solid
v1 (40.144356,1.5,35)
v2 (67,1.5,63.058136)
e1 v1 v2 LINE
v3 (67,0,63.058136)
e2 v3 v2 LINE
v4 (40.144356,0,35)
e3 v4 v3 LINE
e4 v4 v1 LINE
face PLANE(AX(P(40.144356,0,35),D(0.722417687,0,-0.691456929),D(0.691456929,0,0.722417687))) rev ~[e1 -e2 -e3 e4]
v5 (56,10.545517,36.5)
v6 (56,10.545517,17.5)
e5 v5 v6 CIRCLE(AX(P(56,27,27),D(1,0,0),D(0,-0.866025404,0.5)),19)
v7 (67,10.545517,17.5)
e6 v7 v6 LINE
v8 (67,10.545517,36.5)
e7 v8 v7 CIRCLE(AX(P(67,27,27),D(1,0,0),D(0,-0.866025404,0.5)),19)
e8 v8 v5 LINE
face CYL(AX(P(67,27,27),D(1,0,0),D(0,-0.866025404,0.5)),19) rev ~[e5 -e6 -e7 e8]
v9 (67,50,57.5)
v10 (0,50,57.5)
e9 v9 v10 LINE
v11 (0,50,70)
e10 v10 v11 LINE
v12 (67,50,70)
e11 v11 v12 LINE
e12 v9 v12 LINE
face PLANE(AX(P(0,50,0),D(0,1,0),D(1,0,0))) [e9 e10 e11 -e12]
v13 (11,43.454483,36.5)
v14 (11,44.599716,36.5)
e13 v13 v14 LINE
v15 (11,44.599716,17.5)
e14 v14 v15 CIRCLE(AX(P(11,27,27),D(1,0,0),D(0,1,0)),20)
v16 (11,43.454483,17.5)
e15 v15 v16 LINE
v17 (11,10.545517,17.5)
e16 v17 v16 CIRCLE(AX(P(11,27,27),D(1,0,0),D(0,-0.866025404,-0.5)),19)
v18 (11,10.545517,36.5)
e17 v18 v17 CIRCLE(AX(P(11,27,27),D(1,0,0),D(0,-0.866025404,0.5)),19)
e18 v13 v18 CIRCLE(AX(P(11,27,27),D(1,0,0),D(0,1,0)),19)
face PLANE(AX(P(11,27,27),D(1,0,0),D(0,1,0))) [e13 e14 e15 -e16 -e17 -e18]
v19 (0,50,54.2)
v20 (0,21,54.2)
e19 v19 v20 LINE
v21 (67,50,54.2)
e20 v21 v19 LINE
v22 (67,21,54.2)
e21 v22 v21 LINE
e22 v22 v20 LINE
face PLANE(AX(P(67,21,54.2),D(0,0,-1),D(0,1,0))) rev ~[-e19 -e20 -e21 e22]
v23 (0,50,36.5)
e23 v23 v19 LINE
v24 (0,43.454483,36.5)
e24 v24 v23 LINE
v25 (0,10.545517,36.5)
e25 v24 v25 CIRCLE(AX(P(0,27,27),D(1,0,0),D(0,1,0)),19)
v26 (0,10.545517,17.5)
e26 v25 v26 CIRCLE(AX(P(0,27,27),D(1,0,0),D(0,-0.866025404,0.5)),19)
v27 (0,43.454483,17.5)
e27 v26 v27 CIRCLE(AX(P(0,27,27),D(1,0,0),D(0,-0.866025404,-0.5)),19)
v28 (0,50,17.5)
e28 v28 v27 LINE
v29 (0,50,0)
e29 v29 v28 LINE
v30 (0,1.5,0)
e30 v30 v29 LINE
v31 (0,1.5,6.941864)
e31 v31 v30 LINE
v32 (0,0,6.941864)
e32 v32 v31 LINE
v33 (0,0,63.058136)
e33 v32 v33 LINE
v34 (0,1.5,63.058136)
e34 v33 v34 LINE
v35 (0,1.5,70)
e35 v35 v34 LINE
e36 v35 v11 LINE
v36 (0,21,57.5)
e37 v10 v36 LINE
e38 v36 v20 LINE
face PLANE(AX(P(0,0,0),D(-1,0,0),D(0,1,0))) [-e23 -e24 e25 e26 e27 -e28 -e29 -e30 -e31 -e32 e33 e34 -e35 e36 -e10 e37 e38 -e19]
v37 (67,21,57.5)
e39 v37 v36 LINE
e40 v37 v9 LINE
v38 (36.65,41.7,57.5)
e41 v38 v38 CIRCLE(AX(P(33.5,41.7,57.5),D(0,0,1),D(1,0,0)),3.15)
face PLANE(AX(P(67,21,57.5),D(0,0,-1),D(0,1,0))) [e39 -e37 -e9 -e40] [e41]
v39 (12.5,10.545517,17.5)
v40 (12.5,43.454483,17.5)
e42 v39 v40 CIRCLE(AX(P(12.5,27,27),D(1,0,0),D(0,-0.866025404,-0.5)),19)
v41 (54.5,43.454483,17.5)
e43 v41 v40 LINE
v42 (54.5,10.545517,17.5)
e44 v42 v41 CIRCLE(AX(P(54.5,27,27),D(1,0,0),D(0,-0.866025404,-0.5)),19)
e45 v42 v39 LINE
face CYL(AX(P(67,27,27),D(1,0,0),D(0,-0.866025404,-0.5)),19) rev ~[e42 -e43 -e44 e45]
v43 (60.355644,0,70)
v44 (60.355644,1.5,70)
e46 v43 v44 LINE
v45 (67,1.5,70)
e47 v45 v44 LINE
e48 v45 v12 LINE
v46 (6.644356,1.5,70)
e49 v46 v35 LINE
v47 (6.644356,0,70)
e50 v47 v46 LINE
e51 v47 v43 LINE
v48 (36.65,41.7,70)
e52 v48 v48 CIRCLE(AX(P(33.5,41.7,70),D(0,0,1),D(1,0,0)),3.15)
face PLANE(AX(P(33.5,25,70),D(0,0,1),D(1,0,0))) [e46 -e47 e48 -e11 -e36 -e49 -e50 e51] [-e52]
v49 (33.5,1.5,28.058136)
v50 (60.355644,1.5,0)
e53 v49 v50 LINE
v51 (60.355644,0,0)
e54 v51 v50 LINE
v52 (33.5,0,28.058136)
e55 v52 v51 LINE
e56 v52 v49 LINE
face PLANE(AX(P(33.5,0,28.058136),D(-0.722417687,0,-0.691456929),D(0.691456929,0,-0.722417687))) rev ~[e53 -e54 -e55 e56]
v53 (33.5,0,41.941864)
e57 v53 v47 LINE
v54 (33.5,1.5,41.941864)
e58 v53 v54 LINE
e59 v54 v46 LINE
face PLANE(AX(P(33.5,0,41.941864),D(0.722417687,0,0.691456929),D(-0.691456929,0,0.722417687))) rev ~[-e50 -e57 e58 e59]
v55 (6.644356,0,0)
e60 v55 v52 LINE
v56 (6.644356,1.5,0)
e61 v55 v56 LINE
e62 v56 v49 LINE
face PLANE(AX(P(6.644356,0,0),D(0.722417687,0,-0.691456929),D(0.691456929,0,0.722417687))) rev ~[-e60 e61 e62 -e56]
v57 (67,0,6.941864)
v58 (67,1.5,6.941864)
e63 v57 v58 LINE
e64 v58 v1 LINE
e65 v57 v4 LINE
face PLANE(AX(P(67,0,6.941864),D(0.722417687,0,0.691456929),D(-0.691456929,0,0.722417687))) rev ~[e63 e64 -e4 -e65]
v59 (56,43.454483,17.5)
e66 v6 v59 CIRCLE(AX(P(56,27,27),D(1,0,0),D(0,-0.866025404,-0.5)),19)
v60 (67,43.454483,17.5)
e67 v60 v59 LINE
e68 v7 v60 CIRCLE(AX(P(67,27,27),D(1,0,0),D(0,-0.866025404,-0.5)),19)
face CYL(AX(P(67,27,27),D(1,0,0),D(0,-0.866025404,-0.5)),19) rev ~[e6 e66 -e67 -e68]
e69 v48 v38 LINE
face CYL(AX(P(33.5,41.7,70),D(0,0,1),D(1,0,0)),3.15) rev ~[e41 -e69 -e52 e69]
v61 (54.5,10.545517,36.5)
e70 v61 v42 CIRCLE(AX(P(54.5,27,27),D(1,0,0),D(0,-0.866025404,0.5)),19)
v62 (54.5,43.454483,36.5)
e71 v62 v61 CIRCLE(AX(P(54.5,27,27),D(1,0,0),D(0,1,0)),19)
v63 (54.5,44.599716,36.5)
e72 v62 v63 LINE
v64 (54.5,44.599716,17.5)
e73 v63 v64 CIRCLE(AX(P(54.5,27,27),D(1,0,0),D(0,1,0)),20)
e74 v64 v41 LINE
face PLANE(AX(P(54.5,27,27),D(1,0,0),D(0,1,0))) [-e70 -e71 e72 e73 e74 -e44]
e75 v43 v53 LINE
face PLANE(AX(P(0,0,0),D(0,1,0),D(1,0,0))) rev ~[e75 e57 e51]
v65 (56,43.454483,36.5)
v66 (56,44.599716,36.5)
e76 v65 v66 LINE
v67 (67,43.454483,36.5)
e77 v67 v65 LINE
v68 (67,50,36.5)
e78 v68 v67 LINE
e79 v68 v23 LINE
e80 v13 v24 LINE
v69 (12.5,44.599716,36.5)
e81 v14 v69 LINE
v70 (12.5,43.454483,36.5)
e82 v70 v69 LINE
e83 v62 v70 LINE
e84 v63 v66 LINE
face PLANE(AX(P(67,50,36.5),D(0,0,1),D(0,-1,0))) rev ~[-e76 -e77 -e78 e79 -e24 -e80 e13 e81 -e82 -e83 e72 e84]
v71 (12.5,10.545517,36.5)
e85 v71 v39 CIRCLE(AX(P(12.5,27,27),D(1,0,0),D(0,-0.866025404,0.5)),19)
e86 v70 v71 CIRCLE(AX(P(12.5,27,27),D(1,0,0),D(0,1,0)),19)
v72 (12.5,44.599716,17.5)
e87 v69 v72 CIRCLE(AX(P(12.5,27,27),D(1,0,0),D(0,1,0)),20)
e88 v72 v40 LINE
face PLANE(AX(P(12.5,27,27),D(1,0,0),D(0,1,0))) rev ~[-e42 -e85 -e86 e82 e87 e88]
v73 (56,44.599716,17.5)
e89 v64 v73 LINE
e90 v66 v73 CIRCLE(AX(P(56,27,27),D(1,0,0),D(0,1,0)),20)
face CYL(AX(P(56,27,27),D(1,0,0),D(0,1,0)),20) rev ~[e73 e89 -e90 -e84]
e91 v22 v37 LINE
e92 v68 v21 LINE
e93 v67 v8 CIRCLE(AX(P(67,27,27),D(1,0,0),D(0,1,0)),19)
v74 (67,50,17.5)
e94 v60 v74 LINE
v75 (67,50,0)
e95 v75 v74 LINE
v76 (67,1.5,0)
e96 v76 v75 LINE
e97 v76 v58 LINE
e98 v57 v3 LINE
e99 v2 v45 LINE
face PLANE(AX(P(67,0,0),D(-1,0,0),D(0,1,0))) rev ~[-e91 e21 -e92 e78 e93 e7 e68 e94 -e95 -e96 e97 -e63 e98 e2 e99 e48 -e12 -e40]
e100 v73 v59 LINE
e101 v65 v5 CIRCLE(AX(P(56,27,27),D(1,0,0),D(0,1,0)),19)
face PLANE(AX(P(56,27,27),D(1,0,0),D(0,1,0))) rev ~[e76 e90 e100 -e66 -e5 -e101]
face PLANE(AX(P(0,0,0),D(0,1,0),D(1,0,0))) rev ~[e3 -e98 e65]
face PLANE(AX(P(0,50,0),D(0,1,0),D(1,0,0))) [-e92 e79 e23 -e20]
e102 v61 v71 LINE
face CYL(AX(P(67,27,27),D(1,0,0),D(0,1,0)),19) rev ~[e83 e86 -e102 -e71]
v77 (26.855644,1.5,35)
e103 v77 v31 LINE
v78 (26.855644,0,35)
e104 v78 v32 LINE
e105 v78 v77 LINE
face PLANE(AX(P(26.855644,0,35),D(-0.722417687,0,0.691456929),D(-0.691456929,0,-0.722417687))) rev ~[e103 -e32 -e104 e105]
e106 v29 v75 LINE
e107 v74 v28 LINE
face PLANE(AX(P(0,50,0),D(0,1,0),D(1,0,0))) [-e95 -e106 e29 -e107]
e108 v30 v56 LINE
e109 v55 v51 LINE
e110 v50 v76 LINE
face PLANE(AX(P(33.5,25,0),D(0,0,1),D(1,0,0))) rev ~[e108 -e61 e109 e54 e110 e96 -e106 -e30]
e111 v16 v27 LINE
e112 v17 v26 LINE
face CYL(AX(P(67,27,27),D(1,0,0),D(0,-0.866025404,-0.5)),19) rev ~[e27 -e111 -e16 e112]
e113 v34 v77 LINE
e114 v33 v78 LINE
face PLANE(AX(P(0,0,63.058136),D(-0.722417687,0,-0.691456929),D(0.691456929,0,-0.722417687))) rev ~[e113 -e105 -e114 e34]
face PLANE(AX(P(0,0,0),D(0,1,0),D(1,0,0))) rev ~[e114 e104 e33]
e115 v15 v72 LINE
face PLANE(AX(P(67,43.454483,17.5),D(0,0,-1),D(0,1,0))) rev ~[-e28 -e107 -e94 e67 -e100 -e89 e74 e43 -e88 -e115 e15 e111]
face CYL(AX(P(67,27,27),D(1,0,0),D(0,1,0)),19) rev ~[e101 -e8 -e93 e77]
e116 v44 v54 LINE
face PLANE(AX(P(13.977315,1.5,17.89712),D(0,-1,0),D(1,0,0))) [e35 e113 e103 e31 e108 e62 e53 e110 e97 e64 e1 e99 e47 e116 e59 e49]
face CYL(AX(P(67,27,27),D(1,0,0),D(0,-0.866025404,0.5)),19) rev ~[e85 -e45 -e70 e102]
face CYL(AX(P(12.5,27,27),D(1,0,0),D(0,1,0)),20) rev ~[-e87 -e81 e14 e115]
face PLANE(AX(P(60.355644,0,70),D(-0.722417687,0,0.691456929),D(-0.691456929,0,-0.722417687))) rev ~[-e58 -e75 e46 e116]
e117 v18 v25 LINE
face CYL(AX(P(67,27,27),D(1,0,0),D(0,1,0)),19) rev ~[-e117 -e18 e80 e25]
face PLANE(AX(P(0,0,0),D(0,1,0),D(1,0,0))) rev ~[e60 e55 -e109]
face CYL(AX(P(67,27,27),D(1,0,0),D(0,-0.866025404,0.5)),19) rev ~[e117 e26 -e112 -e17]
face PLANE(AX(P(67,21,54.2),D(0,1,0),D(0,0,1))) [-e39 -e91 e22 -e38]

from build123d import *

# Parameters (mm, degrees)
F0_W      = 67
F0_H      = 50
F1_DEPTH  = 70
F2_W      = 29
F2_H      = 3.3
F3_DEPTH  = 67.001
F4_R      = 3.15
F5_DEPTH  = 12.5
F7_DEPTH  = 1.5
F9_DEPTH  = 67.001
F11_R     = 20
F12_DEPTH = 1.5
F14_R     = 20
F15_DEPTH = 1.5


with BuildPart() as f1:
    # F0 (on Top) → F1 (new body)
    with BuildSketch(Plane.XY):
        with Locations((33.5, 25)):
            Rectangle(F0_W, F0_H)
    extrude(amount=F1_DEPTH)

    # F2 (on face) → F3 (cut, through all)
    with BuildSketch(Plane.YZ.offset(67)):
        with Locations((35.5, 55.85)):
            Rectangle(F2_W, F2_H)
    extrude(amount=-F3_DEPTH, mode=Mode.SUBTRACT)

    # F4 (on face) → F5 (cut, through all)
    with BuildSketch(Plane.XY.offset(70)):
        with Locations((33.5, 41.7)):
            Circle(F4_R)
    extrude(amount=-F5_DEPTH, mode=Mode.SUBTRACT)

    # F6 (on face) → F7 (cut)
    with BuildSketch(Plane.XZ):
        Polygon((0, 6.9418640507), (0, 0), (30.1778222043, 31.5290679747), (26.8556444086, 35), align=None)
        Polygon((30.1778222043, 31.5290679747), (0, 0), (6.6443555914, 0), (33.5, 28.0581359493), align=None)
        Polygon((26.8556444086, 35), (30.1778222043, 31.5290679747), (33.5, 35), (30.1778222043, 38.4709320253), align=None)
        Polygon((33.5, 35), (30.1778222043, 31.5290679747), (33.5, 28.0581359493), (36.8221777957, 31.5290679747), align=None)
        Polygon((30.1778222043, 38.4709320253), (33.5, 35), (36.8221777957, 38.4709320253), (33.5, 41.9418640507), align=None)
        Polygon((36.8221777957, 38.4709320253), (33.5, 35), (36.8221777957, 31.5290679747), (40.1443555914, 35), align=None)
        Polygon((0, 63.0581359493), (26.8556444086, 35), (30.1778222043, 38.4709320253), (0, 70), align=None)
        Polygon((36.8221777957, 31.5290679747), (33.5, 28.0581359493), (60.3556444086, 0), (67, 0), align=None)
        Polygon((33.5, 41.9418640507), (36.8221777957, 38.4709320253), (67, 70), (60.3556444086, 70), align=None)
        Polygon((67, 70), (36.8221777957, 38.4709320253), (40.1443555914, 35), (67, 63.0581359493), align=None)
        Polygon((0, 70), (30.1778222043, 38.4709320253), (33.5, 41.9418640507), (6.6443555914, 70), align=None)
        Polygon((40.1443555914, 35), (36.8221777957, 31.5290679747), (67, 0), (67, 6.9418640507), align=None)
    extrude(amount=-F7_DEPTH, mode=Mode.SUBTRACT)

    # F8 (on face) → F9 (cut, through all)
    with BuildSketch(Plane.YZ.offset(67)):
        with BuildLine():
            Line((43.4544826719, 36.5), (10.5455173281, 36.5))
            ThreePointArc((10.5455173281, 36.5), (8, 27), (10.5455173281, 17.5))
            Line((10.5455173281, 17.5), (43.4544826719, 17.5))
            ThreePointArc((43.4544826719, 17.5), (45.3525906995, 22.0824381431), (46, 27))
            ThreePointArc((46, 27), (45.3525906995, 31.9175618569), (43.4544826719, 36.5))
        make_face()
        with BuildLine():
            ThreePointArc((43.4544826719, 36.5), (27, 46), (10.5455173281, 36.5))
            Line((10.5455173281, 36.5), (43.4544826719, 36.5))
        make_face()
        with BuildLine():
            Line((43.4544826719, 17.5), (10.5455173281, 17.5))
            ThreePointArc((10.5455173281, 17.5), (27, 8), (43.4544826719, 17.5))
        make_face()
        with BuildLine():
            Line((50, 36.5), (43.4544826719, 36.5))
            ThreePointArc((43.4544826719, 36.5), (45.3525906995, 31.9175618569), (46, 27))
            Line((46, 27), (50, 27))
            Line((50, 27), (50, 36.5))
        make_face()
        with BuildLine():
            ThreePointArc((46, 27), (45.3525906995, 22.0824381431), (43.4544826719, 17.5))
            Line((43.4544826719, 17.5), (50, 17.5))
            Line((50, 17.5), (50, 27))
            Line((50, 27), (46, 27))
        make_face()
    extrude(amount=-F9_DEPTH, mode=Mode.SUBTRACT)

    # F11 (on offset) → F12 (cut)
    with BuildSketch(Plane.YZ.offset(56)):
        with Locations((27, 27)):
            Circle(F11_R)
    extrude(amount=-F12_DEPTH, mode=Mode.SUBTRACT)

    # F14 (on offset) → F15 (cut)
    with BuildSketch(Plane.YZ.offset(12.5)):
        with Locations((27, 27)):
            Circle(F14_R)
    extrude(amount=-F15_DEPTH, mode=Mode.SUBTRACT)


solid = f1.part
